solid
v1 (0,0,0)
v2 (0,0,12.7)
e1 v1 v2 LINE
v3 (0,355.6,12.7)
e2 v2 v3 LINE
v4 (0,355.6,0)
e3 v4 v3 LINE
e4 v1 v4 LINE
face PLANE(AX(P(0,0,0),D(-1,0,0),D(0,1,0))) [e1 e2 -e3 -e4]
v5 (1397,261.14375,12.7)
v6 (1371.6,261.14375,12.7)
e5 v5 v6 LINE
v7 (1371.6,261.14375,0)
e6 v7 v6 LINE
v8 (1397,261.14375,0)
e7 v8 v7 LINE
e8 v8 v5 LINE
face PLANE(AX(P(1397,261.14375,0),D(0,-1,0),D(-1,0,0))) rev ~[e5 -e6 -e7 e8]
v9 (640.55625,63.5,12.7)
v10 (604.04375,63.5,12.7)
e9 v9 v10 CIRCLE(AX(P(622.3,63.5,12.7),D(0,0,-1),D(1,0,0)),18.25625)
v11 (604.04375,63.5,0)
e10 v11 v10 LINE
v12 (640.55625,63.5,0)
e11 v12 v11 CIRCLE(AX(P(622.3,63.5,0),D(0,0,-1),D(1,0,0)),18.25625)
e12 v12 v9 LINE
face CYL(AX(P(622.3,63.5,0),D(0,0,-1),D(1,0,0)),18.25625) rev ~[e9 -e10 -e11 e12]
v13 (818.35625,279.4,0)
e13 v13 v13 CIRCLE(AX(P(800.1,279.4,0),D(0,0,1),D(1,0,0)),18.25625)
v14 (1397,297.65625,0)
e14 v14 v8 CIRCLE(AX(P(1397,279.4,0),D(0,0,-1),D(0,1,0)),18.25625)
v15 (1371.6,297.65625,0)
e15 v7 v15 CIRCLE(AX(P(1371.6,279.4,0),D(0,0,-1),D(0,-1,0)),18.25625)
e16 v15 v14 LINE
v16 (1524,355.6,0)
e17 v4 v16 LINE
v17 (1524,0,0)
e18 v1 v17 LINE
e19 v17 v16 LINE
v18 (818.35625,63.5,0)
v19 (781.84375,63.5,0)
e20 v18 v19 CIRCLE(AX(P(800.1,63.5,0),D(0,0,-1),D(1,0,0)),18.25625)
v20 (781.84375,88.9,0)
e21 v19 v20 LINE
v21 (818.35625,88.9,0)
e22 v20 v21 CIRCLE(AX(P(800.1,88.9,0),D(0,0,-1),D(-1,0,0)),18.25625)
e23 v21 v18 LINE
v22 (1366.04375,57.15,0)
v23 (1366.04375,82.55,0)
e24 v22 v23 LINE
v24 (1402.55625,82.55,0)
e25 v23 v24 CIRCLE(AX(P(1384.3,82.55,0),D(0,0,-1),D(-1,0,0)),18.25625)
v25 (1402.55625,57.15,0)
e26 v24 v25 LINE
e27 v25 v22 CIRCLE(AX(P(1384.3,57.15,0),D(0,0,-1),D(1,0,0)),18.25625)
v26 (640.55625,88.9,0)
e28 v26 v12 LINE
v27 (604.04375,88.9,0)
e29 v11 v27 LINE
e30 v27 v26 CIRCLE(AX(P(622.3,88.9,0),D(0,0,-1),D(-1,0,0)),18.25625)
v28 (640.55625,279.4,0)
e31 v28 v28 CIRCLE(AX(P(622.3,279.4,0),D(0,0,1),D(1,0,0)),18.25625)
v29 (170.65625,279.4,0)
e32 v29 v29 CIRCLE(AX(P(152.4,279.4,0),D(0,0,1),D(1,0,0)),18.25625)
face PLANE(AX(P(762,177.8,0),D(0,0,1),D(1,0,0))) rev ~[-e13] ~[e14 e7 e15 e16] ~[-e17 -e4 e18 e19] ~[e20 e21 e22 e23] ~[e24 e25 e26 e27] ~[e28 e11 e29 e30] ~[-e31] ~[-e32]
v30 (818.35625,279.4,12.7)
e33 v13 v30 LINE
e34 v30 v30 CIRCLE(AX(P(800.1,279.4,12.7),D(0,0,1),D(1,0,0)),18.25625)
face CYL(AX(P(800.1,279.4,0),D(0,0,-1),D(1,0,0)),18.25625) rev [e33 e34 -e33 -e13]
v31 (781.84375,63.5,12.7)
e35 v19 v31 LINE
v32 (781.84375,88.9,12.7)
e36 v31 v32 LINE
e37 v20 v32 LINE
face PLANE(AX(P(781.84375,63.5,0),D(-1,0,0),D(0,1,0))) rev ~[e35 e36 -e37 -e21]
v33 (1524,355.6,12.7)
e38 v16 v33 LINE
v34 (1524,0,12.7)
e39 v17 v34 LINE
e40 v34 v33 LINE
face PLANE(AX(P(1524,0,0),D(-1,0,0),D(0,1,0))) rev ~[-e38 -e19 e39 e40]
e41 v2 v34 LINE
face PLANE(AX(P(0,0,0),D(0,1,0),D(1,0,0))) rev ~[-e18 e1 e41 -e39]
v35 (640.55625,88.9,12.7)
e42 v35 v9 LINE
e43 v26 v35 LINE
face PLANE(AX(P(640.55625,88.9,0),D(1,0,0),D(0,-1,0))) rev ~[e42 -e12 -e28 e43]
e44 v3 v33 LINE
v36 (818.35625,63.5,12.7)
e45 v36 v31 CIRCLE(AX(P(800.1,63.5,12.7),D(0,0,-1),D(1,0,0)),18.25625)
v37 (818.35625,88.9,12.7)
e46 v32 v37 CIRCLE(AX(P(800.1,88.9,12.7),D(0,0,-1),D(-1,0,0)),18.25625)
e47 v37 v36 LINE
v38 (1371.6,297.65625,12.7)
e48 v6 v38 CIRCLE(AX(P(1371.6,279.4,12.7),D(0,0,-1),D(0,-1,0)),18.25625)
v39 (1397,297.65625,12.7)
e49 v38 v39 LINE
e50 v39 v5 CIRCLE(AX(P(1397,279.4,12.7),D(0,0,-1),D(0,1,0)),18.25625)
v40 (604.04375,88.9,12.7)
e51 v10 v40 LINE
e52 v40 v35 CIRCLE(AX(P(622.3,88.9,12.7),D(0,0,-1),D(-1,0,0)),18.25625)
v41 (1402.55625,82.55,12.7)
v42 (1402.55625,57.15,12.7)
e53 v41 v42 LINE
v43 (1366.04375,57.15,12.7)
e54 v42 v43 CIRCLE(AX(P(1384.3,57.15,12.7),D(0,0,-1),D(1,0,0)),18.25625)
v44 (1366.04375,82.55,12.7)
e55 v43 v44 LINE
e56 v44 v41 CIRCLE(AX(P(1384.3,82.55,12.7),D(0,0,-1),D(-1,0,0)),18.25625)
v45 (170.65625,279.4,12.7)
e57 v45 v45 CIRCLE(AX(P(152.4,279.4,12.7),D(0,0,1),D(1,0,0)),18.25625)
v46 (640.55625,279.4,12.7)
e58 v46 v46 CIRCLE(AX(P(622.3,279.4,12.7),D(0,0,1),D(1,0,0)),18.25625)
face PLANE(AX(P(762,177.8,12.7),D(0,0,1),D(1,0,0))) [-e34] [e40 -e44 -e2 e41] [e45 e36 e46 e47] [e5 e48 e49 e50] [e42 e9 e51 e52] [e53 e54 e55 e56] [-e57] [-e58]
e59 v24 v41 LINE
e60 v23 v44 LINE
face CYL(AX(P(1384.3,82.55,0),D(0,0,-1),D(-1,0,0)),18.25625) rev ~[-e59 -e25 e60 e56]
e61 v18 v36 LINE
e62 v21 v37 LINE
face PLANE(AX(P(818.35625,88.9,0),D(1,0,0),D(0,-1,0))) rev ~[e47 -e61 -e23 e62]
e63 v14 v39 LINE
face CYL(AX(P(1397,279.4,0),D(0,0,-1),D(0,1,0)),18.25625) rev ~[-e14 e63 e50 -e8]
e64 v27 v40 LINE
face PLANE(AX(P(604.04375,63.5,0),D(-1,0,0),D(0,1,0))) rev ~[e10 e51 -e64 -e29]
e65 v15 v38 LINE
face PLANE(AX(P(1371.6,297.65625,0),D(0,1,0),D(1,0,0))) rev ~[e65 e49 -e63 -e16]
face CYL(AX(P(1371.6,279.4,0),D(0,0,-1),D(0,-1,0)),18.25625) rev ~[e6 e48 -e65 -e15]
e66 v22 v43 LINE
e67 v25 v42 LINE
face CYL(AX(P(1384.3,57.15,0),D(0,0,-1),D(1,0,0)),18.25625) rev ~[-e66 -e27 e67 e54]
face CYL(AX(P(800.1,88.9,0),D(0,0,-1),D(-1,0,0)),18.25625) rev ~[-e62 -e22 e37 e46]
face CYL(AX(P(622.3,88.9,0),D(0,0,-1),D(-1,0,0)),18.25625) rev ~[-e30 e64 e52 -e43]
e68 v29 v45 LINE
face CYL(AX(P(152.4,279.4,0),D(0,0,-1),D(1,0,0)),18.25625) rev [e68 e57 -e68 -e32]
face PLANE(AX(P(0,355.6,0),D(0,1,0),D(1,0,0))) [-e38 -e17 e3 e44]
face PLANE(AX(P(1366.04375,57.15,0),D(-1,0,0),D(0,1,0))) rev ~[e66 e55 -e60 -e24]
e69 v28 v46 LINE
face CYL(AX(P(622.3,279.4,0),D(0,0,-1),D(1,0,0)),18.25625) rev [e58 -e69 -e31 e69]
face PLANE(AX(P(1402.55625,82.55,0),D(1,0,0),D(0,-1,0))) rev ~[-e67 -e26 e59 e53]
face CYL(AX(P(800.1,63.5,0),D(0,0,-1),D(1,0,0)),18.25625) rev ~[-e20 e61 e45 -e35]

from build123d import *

# Parameters (mm, degrees)
F0_W     = 1524
F0_H     = 355.6
F0_R     = 18.25625
F1_DEPTH = 12.7


with BuildPart() as f1:
    # F0 (on Top) → F1 (new body)
    with BuildSketch(Plane.XY):
        with Locations((762, 177.8)):
            Rectangle(F0_W, F0_H)
        with BuildLine():
            Line((604.04375, 63.5), (604.04375, 88.9))
            ThreePointArc((604.04375, 88.9), (622.3, 107.15625), (640.55625, 88.9))
            Line((640.55625, 88.9), (640.55625, 63.5))
            ThreePointArc((640.55625, 63.5), (622.3, 45.24375), (604.04375, 63.5))
        make_face(mode=Mode.SUBTRACT)
        with BuildLine():
            Line((781.84375, 63.5), (781.84375, 88.9))
            ThreePointArc((781.84375, 88.9), (800.1, 107.15625), (818.35625, 88.9))
            Line((818.35625, 88.9), (818.35625, 63.5))
            ThreePointArc((818.35625, 63.5), (800.1, 45.24375), (781.84375, 63.5))
        make_face(mode=Mode.SUBTRACT)
        with BuildLine():
            Line((1366.04375, 57.15), (1366.04375, 82.55))
            ThreePointArc((1366.04375, 82.55), (1384.3, 100.80625), (1402.55625, 82.55))
            Line((1402.55625, 82.55), (1402.55625, 57.15))
            ThreePointArc((1402.55625, 57.15), (1384.3, 38.89375), (1366.04375, 57.15))
        make_face(mode=Mode.SUBTRACT)
        with Locations((152.4, 279.4)):
            Circle(F0_R, mode=Mode.SUBTRACT)
        with Locations((622.3, 279.4)):
            Circle(F0_R, mode=Mode.SUBTRACT)
        with Locations((800.1, 279.4)):
            Circle(F0_R, mode=Mode.SUBTRACT)
        with BuildLine():
            Line((1371.6, 297.65625), (1397, 297.65625))
            ThreePointArc((1397, 297.65625), (1415.25625, 279.4), (1397, 261.14375))
            Line((1397, 261.14375), (1371.6, 261.14375))
            ThreePointArc((1371.6, 261.14375), (1353.34375, 279.4), (1371.6, 297.65625))
        make_face(mode=Mode.SUBTRACT)
    extrude(amount=F1_DEPTH)


solid = f1.part
